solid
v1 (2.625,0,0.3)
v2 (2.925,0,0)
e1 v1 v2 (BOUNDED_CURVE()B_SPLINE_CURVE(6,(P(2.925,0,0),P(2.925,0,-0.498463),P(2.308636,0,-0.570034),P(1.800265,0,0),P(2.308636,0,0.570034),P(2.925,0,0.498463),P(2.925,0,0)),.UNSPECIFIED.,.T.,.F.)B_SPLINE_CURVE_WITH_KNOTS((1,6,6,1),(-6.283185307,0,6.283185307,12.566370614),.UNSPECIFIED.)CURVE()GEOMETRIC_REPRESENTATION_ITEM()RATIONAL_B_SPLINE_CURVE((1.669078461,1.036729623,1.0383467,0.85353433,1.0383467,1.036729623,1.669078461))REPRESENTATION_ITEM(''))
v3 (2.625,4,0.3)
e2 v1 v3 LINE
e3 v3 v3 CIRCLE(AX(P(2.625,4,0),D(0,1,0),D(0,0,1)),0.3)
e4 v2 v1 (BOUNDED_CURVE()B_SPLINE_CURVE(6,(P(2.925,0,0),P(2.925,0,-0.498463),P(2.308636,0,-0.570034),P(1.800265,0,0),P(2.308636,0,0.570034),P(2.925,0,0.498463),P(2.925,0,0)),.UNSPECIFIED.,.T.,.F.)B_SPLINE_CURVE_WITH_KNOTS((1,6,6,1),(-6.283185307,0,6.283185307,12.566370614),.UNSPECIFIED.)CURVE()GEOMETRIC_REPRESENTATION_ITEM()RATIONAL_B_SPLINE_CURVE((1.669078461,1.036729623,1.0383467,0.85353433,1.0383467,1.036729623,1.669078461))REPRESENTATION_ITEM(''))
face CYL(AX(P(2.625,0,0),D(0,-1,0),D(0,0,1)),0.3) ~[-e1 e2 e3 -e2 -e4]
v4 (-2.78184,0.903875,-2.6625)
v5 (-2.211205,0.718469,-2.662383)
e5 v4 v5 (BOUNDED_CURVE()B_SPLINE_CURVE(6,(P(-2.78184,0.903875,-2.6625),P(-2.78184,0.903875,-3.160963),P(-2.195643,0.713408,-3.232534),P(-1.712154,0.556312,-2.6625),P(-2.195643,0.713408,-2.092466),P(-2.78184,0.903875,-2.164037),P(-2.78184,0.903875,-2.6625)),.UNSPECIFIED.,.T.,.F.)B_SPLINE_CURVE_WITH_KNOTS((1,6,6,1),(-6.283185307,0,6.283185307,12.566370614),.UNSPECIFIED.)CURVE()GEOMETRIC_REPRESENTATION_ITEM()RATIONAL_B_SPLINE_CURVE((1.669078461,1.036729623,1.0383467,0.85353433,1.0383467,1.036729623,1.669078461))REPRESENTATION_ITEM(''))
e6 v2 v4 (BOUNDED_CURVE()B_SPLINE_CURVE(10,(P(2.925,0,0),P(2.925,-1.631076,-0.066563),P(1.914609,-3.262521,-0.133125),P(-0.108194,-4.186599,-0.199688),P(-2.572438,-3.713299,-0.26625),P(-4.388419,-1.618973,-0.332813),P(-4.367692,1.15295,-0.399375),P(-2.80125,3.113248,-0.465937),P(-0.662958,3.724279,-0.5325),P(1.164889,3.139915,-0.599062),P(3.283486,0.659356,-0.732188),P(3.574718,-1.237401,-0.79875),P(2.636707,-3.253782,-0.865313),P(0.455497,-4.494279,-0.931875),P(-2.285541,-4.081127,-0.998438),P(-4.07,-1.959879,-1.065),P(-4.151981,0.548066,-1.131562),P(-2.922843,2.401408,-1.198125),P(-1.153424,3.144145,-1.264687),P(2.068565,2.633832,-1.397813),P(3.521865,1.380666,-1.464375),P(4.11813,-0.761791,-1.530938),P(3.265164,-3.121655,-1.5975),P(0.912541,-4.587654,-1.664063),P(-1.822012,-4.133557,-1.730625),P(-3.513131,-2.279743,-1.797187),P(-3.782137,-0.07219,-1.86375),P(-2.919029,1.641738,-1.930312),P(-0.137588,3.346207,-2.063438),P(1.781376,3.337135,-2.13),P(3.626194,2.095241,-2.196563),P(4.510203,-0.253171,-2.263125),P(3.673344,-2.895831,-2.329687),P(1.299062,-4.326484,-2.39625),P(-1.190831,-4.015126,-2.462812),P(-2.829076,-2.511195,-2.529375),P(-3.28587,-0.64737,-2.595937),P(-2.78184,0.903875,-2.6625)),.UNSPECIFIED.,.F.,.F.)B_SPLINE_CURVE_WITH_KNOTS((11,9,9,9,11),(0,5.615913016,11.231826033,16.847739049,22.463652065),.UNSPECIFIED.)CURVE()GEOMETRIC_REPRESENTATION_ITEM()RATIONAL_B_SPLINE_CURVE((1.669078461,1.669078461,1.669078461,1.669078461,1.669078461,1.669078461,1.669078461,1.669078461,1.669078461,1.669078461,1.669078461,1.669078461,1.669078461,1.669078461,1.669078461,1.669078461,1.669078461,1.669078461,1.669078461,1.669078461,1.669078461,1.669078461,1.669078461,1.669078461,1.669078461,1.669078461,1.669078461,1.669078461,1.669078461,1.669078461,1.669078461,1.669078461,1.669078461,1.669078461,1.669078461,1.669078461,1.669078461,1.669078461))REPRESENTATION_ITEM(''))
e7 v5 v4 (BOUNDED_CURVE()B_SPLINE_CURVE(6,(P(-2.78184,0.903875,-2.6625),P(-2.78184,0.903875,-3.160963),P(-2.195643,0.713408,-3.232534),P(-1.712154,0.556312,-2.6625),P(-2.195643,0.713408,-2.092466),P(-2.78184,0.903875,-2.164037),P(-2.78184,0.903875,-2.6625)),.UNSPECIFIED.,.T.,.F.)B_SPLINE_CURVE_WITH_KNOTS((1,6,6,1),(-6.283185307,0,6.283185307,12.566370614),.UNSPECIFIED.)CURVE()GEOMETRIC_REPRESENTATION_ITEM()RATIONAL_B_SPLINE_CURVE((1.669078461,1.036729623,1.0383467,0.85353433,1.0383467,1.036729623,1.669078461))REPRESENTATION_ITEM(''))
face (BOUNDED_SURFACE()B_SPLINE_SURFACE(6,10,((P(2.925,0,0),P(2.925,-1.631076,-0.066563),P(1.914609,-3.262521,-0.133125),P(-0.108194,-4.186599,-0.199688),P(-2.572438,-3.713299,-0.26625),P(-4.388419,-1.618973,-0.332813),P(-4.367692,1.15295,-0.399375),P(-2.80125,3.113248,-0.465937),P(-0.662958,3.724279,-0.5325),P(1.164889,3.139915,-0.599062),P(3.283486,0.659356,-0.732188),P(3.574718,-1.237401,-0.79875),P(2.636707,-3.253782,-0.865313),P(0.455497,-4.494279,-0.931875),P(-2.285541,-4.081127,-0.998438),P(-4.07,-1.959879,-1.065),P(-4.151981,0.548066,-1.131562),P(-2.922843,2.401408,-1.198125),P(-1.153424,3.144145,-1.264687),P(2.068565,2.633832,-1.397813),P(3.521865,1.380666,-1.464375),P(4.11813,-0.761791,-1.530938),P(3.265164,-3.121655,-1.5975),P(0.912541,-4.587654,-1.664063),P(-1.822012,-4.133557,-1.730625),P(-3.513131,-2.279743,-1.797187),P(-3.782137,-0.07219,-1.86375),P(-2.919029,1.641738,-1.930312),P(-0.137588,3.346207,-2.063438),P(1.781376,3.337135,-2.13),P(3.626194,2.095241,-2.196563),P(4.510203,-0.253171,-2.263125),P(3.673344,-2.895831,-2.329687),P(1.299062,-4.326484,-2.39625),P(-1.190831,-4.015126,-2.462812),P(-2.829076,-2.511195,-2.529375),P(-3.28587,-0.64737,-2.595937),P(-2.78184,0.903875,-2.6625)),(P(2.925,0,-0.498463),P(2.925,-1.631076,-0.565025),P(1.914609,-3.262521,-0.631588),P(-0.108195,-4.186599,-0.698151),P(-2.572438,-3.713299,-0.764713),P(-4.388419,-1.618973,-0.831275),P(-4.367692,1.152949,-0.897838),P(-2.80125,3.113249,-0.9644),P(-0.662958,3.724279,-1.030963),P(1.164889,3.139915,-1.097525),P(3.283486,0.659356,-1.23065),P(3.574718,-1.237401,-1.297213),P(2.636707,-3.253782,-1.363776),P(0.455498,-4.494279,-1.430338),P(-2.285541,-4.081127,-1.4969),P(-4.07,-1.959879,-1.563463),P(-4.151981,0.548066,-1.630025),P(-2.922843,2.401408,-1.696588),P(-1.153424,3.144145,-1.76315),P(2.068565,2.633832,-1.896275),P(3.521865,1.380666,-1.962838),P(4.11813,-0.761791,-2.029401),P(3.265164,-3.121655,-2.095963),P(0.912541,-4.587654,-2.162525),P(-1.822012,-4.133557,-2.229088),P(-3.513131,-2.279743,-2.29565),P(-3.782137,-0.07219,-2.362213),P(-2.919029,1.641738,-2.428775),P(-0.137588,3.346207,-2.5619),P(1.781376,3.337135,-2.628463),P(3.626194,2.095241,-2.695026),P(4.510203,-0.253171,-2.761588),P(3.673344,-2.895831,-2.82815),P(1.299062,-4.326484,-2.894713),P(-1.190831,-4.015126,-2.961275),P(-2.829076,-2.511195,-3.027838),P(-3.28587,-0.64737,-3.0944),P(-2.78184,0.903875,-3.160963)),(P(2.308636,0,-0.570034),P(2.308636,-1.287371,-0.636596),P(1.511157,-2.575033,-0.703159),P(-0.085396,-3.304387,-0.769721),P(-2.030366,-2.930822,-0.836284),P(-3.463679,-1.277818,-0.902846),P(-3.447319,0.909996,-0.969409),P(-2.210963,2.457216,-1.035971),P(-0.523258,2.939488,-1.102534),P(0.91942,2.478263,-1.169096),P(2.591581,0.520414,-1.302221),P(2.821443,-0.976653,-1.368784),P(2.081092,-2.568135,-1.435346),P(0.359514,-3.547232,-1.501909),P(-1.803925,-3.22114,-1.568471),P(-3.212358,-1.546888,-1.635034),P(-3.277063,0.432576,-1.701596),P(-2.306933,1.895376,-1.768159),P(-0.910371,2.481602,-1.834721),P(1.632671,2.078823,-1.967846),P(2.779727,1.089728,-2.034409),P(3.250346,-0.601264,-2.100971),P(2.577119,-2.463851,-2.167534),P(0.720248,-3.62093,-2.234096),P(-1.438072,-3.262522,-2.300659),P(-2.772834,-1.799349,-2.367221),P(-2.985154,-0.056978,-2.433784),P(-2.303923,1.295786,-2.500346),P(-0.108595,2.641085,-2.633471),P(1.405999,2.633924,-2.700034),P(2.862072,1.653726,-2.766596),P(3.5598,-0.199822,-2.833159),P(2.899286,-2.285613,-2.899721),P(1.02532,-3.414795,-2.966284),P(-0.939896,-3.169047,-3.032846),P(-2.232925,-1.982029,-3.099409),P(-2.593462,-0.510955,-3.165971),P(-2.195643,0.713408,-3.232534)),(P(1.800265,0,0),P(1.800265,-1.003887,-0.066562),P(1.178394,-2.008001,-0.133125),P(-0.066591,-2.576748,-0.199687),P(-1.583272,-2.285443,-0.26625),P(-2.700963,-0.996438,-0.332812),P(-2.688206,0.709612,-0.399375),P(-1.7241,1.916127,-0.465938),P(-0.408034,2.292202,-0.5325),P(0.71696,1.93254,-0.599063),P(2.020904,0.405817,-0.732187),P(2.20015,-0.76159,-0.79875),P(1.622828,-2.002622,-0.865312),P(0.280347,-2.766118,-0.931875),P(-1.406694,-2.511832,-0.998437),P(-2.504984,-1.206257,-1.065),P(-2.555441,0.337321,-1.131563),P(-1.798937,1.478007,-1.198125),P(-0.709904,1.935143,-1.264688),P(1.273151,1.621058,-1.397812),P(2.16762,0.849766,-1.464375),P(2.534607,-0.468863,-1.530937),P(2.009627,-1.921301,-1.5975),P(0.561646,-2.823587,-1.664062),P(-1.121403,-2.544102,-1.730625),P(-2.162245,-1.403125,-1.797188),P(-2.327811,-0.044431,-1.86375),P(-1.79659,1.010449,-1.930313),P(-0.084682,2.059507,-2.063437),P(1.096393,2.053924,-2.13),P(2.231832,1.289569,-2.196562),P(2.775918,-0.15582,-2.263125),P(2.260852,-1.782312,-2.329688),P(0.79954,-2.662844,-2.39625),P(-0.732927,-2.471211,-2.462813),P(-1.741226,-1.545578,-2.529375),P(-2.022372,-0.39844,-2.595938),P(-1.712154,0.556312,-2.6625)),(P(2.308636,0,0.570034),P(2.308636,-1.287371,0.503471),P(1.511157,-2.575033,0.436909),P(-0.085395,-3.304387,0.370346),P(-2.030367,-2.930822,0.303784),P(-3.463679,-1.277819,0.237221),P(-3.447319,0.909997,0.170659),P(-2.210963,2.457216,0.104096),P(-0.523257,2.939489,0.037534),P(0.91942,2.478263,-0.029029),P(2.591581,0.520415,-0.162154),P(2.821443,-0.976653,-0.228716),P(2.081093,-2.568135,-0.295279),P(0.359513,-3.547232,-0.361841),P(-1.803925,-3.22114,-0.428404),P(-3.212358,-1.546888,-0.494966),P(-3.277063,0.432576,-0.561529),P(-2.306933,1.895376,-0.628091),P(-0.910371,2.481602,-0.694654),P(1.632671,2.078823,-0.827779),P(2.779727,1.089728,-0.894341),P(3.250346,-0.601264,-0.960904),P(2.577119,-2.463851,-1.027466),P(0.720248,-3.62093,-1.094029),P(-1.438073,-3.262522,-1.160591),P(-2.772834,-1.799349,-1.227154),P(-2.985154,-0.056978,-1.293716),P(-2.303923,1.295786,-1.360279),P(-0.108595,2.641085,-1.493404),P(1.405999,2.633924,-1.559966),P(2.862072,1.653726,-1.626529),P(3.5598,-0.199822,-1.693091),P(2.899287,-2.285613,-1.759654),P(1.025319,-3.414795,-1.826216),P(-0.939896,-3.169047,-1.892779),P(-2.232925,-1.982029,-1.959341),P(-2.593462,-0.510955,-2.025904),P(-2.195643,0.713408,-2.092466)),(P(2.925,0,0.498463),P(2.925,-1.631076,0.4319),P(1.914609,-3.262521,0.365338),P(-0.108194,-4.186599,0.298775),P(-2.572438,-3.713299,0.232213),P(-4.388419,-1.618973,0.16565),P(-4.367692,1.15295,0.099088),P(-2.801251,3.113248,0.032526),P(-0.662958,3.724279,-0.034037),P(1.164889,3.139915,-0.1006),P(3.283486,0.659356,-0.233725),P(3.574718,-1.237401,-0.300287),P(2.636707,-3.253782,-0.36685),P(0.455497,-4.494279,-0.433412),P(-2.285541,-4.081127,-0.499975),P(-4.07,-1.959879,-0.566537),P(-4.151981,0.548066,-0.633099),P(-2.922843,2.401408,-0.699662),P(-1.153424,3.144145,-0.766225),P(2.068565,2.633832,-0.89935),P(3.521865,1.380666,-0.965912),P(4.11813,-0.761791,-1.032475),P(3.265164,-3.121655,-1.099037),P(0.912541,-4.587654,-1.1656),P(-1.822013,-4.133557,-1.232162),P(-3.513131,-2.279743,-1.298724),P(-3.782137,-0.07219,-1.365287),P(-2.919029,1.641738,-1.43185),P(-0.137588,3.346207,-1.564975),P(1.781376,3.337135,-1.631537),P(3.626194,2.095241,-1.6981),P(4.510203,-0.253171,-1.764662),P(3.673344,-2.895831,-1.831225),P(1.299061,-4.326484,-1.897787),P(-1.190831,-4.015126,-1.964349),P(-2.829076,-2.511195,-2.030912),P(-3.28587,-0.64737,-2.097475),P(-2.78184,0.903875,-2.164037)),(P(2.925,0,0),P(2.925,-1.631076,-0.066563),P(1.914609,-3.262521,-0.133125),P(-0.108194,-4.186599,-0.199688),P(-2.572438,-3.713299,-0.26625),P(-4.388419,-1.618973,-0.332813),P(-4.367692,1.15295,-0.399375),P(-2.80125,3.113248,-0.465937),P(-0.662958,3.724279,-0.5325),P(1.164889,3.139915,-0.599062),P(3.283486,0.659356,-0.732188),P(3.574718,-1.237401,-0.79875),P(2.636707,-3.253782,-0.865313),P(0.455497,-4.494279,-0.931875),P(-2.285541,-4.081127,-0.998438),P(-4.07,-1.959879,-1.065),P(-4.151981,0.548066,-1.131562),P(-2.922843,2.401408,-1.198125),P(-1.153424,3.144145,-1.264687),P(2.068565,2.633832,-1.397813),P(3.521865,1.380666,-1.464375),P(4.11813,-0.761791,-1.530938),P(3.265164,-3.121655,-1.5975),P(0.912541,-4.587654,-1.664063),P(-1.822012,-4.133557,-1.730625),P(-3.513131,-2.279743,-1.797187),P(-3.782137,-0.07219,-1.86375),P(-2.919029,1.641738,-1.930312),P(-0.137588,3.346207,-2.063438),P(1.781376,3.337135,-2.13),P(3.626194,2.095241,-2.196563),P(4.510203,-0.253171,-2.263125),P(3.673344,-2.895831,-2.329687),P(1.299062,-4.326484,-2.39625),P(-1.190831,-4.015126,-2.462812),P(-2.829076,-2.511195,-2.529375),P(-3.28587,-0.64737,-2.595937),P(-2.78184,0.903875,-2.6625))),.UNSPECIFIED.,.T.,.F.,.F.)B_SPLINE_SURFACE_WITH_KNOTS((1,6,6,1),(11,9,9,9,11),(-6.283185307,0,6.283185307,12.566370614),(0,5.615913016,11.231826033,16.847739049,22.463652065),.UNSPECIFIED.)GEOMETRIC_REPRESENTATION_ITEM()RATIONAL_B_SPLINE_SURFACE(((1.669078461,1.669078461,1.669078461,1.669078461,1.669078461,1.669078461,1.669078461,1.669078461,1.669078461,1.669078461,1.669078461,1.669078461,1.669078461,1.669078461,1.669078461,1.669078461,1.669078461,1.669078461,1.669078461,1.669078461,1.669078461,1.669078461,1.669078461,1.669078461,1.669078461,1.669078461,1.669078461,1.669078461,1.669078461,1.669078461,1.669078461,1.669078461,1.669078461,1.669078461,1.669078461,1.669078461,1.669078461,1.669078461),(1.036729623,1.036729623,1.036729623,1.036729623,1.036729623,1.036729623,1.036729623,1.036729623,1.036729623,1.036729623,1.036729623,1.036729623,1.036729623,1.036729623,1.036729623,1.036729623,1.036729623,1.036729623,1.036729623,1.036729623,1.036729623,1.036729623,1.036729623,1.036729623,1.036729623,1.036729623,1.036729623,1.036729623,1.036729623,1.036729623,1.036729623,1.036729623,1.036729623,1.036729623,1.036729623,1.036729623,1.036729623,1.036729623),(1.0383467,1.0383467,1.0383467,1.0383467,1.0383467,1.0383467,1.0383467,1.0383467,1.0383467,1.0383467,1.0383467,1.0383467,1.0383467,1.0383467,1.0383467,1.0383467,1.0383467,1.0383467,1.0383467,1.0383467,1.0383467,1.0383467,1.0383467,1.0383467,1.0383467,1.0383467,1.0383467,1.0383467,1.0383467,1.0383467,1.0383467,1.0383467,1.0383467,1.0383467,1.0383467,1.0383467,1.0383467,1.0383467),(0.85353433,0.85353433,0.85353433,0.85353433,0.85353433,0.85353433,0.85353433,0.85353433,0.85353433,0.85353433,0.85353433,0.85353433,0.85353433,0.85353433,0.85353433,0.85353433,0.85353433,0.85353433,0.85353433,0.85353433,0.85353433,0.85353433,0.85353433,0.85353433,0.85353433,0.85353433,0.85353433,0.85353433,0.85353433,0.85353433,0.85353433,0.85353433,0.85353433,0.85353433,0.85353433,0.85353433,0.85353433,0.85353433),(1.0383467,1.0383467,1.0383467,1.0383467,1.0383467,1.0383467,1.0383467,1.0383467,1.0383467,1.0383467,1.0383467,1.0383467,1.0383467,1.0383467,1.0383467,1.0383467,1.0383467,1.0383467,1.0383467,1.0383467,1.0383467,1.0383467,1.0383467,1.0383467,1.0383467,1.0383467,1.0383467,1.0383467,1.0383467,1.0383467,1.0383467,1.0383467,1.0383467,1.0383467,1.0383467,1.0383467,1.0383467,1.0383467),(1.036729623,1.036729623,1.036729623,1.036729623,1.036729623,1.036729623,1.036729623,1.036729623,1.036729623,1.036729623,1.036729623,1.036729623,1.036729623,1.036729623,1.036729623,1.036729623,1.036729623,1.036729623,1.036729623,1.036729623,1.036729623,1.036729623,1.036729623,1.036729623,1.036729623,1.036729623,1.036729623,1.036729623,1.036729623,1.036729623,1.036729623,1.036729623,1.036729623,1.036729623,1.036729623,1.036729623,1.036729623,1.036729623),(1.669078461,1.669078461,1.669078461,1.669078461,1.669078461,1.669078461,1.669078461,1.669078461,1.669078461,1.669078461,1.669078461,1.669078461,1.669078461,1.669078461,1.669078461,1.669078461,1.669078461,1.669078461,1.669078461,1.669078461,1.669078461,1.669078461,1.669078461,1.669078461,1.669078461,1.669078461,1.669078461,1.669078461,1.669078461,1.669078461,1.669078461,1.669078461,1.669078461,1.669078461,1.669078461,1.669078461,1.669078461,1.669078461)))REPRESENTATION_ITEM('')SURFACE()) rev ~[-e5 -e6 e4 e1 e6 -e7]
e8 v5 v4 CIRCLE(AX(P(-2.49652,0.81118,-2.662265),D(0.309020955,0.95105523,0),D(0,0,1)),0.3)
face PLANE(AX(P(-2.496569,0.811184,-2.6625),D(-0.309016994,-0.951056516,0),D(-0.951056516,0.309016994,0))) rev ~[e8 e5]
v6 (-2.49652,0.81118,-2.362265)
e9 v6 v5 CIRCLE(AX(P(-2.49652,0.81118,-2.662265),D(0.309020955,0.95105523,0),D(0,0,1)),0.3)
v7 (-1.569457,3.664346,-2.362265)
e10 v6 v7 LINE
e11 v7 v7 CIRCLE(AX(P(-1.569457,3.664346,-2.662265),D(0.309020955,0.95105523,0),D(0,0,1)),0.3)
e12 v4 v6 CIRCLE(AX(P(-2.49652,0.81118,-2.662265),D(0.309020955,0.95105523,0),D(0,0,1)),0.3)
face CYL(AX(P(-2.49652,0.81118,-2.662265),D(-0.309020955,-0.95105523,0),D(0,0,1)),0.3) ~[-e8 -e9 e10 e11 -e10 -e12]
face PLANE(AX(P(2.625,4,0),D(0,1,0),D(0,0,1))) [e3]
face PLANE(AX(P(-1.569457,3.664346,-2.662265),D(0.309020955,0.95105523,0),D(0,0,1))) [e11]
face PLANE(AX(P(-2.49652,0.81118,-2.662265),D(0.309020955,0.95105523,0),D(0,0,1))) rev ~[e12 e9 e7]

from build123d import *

# Parameters (mm, degrees)
SWEEP1_PITCH        = 0.75
SWEEP1_HEIGHT       = 2.6625
SWEEP1_RADIUS       = 2.625
SWEEP1_START_ANGLE  = 180
SKETCH2_R           = 0.3
SKETCH4_R           = 0.3
BOSS_EXTRUDE1_DEPTH = 3
SKETCH5_R           = 0.3
BOSS_EXTRUDE2_DEPTH = 4


with BuildPart() as part:
    # Sweep1: sweep along a helix
    with BuildLine() as sweep1_path:
        add(Helix(SWEEP1_PITCH, SWEEP1_HEIGHT, SWEEP1_RADIUS, center=(0, 0, 0), direction=(0, 0, -1), mode=Mode.PRIVATE).rotate(Axis((0, 0, 0), (0, 0, -1)), SWEEP1_START_ANGLE))
    # Sketch2 → Sweep1 (sweep)
    with BuildSketch(Plane(origin=(0, 0, 0), x_dir=(1, 0, 0), z_dir=(0, 1, 0))):
        with Locations((2.625, 0)):
            Circle(SKETCH2_R)
    sweep(path=sweep1_path.line, is_frenet=True)


with BuildPart() as boss_extrude1_tool:
    # Sketch4 → Boss-Extrude1 (new body)
    with BuildSketch(Plane(origin=(0, 0, 0), x_dir=(-0.951055229534023, 0.30902095459044027, 0), z_dir=(0.30902095459044027, 0.951055229534023, 0))):
        with Locations(Location((2.625, -2.662265032, 0), (0, 0, 90))):
            Circle(SKETCH4_R)
    extrude(amount=BOSS_EXTRUDE1_DEPTH)


with BuildPart() as part_1:
    add(part.part)


with BuildPart() as part_2:
    # Boss-Extrude1: joined with boss_extrude1_tool
    add(part_1.part.fuse(boss_extrude1_tool.part, tol=0.00001))

    # Sketch5 → Boss-Extrude2 (add)
    with BuildSketch(Plane(origin=(0, 0, 0), x_dir=(1, 0, 0), z_dir=(0, 1, 0))):
        with Locations(Location((2.625, 0, 0), (0, 0, 270))):
            Circle(SKETCH5_R)
    extrude(amount=BOSS_EXTRUDE2_DEPTH)


solid = part_2.part
